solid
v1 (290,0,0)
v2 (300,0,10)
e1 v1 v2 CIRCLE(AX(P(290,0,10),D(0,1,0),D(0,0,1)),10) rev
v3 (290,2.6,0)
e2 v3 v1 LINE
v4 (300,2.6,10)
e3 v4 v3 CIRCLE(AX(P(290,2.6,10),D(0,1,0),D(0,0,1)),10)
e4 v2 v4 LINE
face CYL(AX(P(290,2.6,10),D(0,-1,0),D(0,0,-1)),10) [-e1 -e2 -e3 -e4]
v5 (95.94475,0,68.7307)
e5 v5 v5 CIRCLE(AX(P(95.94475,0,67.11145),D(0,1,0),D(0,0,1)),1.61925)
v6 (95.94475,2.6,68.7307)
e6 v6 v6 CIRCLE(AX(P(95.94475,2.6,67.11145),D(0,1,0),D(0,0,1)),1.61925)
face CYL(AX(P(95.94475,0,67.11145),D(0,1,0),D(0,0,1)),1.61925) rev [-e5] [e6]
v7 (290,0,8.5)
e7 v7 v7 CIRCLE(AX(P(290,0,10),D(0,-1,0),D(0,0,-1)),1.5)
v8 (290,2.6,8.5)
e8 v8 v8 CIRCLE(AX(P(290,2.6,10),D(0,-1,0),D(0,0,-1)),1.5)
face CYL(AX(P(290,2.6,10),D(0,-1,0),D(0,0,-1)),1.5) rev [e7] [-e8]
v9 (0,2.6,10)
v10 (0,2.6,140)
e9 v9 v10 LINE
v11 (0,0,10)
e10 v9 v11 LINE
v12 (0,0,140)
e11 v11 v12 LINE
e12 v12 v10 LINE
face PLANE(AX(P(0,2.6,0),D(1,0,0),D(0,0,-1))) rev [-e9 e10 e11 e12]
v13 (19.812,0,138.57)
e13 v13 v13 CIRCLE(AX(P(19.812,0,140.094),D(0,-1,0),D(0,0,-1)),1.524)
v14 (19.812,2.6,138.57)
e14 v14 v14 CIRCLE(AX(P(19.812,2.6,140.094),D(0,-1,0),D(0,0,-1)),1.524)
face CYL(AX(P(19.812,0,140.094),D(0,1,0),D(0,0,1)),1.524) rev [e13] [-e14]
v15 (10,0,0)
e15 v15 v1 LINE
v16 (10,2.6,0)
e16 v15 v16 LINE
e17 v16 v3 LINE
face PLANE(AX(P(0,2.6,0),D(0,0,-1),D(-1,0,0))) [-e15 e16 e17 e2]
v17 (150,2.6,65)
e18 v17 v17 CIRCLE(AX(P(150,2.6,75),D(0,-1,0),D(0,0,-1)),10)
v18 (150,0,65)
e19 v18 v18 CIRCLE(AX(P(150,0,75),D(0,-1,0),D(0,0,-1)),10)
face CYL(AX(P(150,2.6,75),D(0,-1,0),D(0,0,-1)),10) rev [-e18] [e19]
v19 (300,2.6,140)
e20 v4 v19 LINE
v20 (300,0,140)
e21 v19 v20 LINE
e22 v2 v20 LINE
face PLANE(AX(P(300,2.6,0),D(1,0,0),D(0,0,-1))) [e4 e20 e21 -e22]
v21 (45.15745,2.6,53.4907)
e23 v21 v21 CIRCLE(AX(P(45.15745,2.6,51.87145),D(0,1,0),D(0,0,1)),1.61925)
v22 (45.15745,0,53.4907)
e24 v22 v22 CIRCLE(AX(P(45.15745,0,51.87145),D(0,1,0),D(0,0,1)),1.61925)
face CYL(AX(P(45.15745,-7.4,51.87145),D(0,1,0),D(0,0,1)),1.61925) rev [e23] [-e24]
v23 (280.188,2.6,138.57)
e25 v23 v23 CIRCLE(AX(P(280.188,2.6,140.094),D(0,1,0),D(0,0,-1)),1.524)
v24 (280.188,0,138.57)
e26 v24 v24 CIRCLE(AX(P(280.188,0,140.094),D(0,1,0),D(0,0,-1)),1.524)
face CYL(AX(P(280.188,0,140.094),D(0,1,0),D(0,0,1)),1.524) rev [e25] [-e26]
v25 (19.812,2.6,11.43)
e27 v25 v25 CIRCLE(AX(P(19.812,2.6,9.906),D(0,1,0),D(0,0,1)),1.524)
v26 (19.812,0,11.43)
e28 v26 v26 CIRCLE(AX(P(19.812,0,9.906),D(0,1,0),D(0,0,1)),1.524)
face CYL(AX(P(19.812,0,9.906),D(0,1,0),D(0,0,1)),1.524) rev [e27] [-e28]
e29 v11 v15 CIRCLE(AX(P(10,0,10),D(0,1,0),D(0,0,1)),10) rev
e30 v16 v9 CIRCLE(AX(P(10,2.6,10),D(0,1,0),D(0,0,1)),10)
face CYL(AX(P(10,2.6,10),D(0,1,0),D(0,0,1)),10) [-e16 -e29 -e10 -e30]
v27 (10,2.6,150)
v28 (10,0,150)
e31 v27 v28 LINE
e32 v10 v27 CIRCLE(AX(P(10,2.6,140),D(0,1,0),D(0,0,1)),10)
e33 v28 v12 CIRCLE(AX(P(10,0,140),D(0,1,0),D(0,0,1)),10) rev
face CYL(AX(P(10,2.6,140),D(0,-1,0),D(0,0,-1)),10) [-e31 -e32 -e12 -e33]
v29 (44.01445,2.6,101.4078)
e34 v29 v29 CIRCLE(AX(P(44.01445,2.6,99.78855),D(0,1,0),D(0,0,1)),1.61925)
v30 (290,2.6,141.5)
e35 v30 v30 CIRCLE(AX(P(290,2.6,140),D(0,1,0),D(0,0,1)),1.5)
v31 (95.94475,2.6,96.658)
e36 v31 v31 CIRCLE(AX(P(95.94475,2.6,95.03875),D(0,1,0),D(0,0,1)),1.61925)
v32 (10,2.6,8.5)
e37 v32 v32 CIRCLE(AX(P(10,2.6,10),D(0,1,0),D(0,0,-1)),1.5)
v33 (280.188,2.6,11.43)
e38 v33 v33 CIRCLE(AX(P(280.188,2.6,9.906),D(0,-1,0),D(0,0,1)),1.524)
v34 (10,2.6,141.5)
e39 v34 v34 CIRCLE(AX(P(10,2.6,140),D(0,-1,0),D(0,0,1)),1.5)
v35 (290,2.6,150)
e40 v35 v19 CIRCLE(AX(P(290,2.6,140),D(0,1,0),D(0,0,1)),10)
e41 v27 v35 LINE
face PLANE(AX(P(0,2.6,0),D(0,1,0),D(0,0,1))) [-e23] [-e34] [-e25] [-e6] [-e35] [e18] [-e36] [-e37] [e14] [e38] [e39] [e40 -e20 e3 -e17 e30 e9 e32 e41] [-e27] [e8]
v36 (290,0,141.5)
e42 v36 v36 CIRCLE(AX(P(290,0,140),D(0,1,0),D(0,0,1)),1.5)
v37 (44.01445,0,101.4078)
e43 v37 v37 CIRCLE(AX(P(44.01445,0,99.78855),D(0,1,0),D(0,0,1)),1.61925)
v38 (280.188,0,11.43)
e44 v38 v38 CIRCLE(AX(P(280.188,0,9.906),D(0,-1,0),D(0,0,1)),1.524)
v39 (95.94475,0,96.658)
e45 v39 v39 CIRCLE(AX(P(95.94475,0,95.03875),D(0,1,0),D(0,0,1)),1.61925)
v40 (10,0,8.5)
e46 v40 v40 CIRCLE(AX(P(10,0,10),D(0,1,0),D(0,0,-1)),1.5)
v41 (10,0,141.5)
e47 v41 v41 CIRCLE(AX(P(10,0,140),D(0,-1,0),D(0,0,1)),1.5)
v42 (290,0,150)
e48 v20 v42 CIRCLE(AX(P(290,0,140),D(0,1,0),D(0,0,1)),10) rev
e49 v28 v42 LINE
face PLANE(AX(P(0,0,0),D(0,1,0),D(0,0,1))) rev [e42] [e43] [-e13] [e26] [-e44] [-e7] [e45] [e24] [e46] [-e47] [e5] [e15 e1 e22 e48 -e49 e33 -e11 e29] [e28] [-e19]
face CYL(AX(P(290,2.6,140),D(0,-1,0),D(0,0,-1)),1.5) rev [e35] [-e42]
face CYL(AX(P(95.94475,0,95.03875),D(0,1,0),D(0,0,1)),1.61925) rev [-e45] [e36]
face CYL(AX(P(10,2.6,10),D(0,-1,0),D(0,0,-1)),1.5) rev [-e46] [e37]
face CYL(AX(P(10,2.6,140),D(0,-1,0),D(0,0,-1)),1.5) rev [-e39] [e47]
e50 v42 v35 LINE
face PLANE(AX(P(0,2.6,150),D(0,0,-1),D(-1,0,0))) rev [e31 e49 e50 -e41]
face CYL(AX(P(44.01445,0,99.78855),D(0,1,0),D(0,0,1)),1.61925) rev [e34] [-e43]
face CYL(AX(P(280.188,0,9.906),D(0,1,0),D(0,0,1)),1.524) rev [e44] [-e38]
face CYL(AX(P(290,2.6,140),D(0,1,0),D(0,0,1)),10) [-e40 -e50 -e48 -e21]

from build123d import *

# Parameters (mm, degrees)
SKETCH1_W               = 300
SKETCH1_H               = 150
BOSS_EXTRUDE1_DEPTH     = 2.6
FILLET1_R               = 10
SKETCH6_R               = 1.5
CUT_EXTRUDE6_DEPTH      = 2.6
MIRROR6_COPY_1_SKETCH_R = 1.5
MIRROR6_COPY_1_DEPTH    = 2.6
SKETCH16_R              = 1.61925
CUT_EXTRUDE9_DEPTH      = 10
SKETCH17_R              = 1.61925
CUT_EXTRUDE10_DEPTH     = 336.420273687
SKETCH18_R              = 1.61925
CUT_EXTRUDE11_DEPTH     = 336.420273687
SKETCH19_R              = 1.61925
CUT_EXTRUDE12_DEPTH     = 336.420273687
SKETCH15_R              = 10
CUT_EXTRUDE14_DEPTH     = 336.420273687
SKETCH23_R              = 1.524
CUT_EXTRUDE15_DEPTH     = 2.59999988
MIRROR8_COPY_1_SKETCH_R = 1.524
MIRROR8_COPY_1_DEPTH    = 2.59999988


with BuildPart() as part:
    # Sketch1 → Boss-Extrude1 (new body)
    with BuildSketch(Plane(origin=(0, 0, 0), x_dir=(1, 0, 0), z_dir=(0, 1, 0))):
        with Locations((150, -75)):
            Rectangle(SKETCH1_W, SKETCH1_H)
    extrude(amount=BOSS_EXTRUDE1_DEPTH)

    # Fillet1
    fillet1_edges = [part.edges().sort_by_distance(p)[0] for p in [
        (0, 1.3, 0),
        (300, 1.3, 0),
        (300, 1.3, 150),
        (0, 1.3, 150),
    ]]
    fillet(fillet1_edges, radius=FILLET1_R)

    # Sketch6 → Cut-Extrude6 (cut)
    with BuildSketch(Plane.XZ):
        with Locations(Location((290, 10, 0), (0, 0, 270))):
            Circle(SKETCH6_R)
    cut_extrude6 = extrude(amount=-CUT_EXTRUDE6_DEPTH, mode=Mode.SUBTRACT)

    # Mirror5: Cut-Extrude6 across plane
    add(cut_extrude6.mirror(Plane(origin=(150, 0, 0), x_dir=(0, 0, 1), z_dir=(1, 0, 0))), mode=Mode.SUBTRACT)

    # Mirror6: Cut-Extrude6 across plane
    add(cut_extrude6.mirror(Plane.XY.offset(75)), mode=Mode.SUBTRACT)

    # Mirror6 copy 1 sketch → Mirror6 copy 1 (cut)
    with BuildSketch(Plane(origin=(300, 0, 150), x_dir=(-1, 0, 0), z_dir=(0, -1, 0))):
        with Locations(Location((290, 10, 0), (0, 0, 270))):
            Circle(MIRROR6_COPY_1_SKETCH_R)
    extrude(amount=-MIRROR6_COPY_1_DEPTH, mode=Mode.SUBTRACT)

    # Sketch16 → Cut-Extrude9 (cut)
    with BuildSketch(Plane(origin=(0, 2.6, 0), x_dir=(1, 0, 0), z_dir=(0, 1, 0))):
        with Locations(Location((45.15745, -51.87145, 0), (0, 0, 270))):
            Circle(SKETCH16_R)
    extrude(amount=-CUT_EXTRUDE9_DEPTH, mode=Mode.SUBTRACT)

    # Sketch17 → Cut-Extrude10 (cut, through all)
    with BuildSketch(Plane(origin=(0, 2.6, 0), x_dir=(1, 0, 0), z_dir=(0, 1, 0))):
        with Locations(Location((95.94475, -67.11145, 0), (0, 0, 270))):
            Circle(SKETCH17_R)
    extrude(amount=-CUT_EXTRUDE10_DEPTH, mode=Mode.SUBTRACT)

    # Sketch18 → Cut-Extrude11 (cut, through all)
    with BuildSketch(Plane(origin=(0, 2.6, 0), x_dir=(1, 0, 0), z_dir=(0, 1, 0))):
        with Locations(Location((44.01445, -99.78855, 0), (0, 0, 270))):
            Circle(SKETCH18_R)
    extrude(amount=-CUT_EXTRUDE11_DEPTH, mode=Mode.SUBTRACT)

    # Sketch19 → Cut-Extrude12 (cut, through all)
    with BuildSketch(Plane(origin=(0, 2.6, 0), x_dir=(1, 0, 0), z_dir=(0, 1, 0))):
        with Locations(Location((95.94475, -95.03875, 0), (0, 0, 270))):
            Circle(SKETCH19_R)
    extrude(amount=-CUT_EXTRUDE12_DEPTH, mode=Mode.SUBTRACT)

    # Sketch15 → Cut-Extrude14 (cut, through all)
    with BuildSketch(Plane.XZ):
        with Locations(Location((150, 75, 0), (0, 0, 270))):
            Circle(SKETCH15_R)
    extrude(amount=-CUT_EXTRUDE14_DEPTH, mode=Mode.SUBTRACT)

    # Sketch23 → Cut-Extrude15 (cut)
    with BuildSketch(Plane(origin=(0, 2.6, 0), x_dir=(1, 0, 0), z_dir=(0, 1, 0))):
        with Locations(Location((19.812, -9.906, 0), (0, 0, 270))):
            Circle(SKETCH23_R)
    cut_extrude15 = extrude(amount=-CUT_EXTRUDE15_DEPTH, mode=Mode.SUBTRACT)

    # Mirror7: Cut-Extrude15 across plane
    add(cut_extrude15.mirror(Plane(origin=(150, 0, 0), x_dir=(0, 0, 1), z_dir=(1, 0, 0))), mode=Mode.SUBTRACT)

    # Mirror8: Cut-Extrude15 across plane
    add(cut_extrude15.mirror(Plane.XY.offset(75)), mode=Mode.SUBTRACT)

    # Mirror8 copy 1 sketch → Mirror8 copy 1 (cut)
    with BuildSketch(Plane(origin=(300, 2.6, 150), x_dir=(-1, 0, 0), z_dir=(0, 1, 0))):
        with Locations(Location((19.812, -9.906, 0), (0, 0, 270))):
            Circle(MIRROR8_COPY_1_SKETCH_R)
    extrude(amount=-MIRROR8_COPY_1_DEPTH, mode=Mode.SUBTRACT)


solid = part.part
